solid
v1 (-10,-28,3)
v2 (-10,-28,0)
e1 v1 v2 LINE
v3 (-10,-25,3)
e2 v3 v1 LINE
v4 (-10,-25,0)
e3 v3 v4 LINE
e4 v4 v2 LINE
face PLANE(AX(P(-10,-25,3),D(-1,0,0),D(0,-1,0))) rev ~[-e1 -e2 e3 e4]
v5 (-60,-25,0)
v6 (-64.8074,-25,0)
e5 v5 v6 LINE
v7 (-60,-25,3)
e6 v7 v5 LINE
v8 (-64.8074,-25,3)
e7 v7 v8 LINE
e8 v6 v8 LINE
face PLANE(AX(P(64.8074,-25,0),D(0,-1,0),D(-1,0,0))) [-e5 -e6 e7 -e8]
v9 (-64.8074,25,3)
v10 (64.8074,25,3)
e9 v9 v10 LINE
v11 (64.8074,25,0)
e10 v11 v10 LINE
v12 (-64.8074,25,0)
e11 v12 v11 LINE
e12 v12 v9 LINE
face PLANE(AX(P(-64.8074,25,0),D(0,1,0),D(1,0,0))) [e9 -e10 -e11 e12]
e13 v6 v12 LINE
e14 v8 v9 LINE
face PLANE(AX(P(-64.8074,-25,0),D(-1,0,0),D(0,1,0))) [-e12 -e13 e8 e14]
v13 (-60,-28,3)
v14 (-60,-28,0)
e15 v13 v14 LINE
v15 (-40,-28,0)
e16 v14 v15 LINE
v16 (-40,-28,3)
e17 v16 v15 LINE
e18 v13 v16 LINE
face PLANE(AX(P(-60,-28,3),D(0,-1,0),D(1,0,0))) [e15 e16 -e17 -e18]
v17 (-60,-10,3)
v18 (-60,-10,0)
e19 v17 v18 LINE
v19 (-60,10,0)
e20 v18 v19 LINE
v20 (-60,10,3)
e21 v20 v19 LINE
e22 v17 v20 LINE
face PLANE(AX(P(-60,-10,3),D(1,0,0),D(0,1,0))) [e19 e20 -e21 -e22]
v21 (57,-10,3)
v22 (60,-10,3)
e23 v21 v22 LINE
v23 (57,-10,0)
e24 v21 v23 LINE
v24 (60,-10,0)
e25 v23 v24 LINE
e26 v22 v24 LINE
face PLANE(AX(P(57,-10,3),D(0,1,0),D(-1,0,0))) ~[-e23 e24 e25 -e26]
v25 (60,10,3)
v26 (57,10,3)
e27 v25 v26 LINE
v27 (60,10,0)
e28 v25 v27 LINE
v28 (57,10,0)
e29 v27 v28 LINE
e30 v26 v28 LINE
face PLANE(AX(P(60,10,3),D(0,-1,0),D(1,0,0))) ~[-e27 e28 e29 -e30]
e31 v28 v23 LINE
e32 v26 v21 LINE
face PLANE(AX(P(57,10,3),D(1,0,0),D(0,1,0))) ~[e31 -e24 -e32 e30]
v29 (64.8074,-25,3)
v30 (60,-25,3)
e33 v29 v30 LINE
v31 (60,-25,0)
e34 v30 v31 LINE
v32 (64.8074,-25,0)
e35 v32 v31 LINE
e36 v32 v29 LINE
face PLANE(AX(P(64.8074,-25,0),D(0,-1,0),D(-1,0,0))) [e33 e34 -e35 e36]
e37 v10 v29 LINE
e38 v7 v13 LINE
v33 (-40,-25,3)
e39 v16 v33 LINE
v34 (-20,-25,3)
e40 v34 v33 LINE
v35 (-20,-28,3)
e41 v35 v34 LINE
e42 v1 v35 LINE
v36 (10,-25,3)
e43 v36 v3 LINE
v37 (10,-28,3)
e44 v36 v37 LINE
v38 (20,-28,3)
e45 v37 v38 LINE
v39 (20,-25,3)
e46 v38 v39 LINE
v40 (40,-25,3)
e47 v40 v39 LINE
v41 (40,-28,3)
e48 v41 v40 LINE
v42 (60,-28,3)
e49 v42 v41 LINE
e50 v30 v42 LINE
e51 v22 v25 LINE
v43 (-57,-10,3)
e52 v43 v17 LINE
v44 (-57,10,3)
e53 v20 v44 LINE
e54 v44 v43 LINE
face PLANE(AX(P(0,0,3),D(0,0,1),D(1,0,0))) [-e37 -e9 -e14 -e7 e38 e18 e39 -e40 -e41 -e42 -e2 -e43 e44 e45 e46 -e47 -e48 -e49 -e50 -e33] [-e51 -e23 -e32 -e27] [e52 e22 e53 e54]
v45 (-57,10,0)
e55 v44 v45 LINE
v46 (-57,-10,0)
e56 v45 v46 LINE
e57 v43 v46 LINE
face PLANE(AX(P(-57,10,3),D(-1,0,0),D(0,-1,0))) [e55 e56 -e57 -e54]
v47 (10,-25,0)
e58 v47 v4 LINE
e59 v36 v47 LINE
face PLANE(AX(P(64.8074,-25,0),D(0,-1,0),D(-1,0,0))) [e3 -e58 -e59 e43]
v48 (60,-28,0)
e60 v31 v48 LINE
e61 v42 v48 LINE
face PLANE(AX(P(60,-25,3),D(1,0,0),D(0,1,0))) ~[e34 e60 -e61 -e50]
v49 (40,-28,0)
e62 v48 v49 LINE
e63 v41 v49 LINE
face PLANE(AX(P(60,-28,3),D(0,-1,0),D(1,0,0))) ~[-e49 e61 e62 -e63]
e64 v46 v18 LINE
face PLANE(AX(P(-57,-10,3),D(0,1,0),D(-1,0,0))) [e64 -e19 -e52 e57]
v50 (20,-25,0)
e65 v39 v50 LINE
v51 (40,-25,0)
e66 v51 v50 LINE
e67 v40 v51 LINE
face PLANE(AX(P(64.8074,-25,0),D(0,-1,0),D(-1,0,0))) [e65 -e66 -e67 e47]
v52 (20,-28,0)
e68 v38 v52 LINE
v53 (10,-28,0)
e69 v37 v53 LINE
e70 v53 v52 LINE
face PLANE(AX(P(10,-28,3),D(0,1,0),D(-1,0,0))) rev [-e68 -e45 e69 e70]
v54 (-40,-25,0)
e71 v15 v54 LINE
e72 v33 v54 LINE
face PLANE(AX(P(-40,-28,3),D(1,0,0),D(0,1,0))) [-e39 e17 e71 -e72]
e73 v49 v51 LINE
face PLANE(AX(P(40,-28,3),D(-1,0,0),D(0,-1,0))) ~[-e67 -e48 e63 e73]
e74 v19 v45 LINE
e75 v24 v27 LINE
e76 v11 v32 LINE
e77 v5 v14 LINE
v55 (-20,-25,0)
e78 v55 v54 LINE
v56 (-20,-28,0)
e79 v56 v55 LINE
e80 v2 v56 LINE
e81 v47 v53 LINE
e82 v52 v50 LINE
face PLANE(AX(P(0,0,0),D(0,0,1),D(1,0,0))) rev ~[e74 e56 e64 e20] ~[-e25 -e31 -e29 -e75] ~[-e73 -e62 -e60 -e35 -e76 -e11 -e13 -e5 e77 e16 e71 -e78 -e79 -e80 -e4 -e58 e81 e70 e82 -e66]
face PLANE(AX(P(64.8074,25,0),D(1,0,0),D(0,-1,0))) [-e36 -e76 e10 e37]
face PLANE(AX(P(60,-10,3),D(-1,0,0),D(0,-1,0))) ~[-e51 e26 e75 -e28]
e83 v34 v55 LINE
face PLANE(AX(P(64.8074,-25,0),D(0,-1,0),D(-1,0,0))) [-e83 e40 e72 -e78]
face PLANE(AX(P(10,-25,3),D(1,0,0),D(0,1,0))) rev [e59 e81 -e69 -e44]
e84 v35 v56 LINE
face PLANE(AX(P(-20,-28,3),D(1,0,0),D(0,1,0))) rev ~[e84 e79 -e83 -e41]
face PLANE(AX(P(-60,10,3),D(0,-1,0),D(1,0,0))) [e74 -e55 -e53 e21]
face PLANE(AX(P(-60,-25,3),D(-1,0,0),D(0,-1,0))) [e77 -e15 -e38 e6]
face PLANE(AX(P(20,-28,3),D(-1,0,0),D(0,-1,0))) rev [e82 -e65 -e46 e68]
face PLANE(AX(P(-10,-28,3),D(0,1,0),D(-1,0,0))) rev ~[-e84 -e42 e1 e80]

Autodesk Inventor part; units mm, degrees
ref_plane "YZ Plane" through (0, 0, 0) normal (1, 0, 0) x (0, 1, 0)
ref_plane "XZ Plane" through (0, 0, 0) normal (0, 1, 0) x (-1, 0, 0)
ref_plane "XY Plane" through (0, 0, 0) normal (0, 0, 1) x (1, 0, 0)
sketch "Sketch1" plane through (0, 0, 0) normal (0, 0, 1) x (1, 0, 0)
  circle A0 centre (0, 0) radius 85 construction
  line L0 (-64.8074, 55) -> (64.8074, 55) construction
  line L1 (64.8074, -25) -> (-64.8074, -25)
  line L2 (-64.8074, -25) -> (-64.8074, 25)
  line L3 (-64.8074, 25) -> (64.8074, 25)
  line L4 (64.8074, 25) -> (64.8074, -25)
  line L5 (64.8074, -25) -> (-64.8074, 25) construction
  line L6 (-64.8074, -25) -> (64.8074, 25) construction
  dimension "d0" = 170
  dimension "d1" = 55
  dimension "d2" = 129.6148
  dimension "d3" = 50
extrude "Extrusion1" add sketch "Sketch1" along normal blind 3
sketch "Sketch2" plane through (0, 0, 3) normal (0, 0, 1) x (1, 0, 0)
  line L0 (-64.8074, -25) -> (64.8074, -25) projected
  line L1 (-40, -25) -> (-60, -25)
  line L2 (-60, -25) -> (-60, -28)
  line L3 (-60, -28) -> (-40, -28)
  line L4 (-40, -28) -> (-40, -25)
  line L5 (-20, -25) -> (-10, -25)
  line L6 (-10, -25) -> (-10, -28)
  line L7 (-10, -28) -> (-20, -28)
  line L8 (-20, -28) -> (-20, -25)
  point P0 (0, 0)
  dimension "d6" = 20
  dimension "d7" = 3
  dimension "d8" = 10
  dimension "d9" = 3
  dimension "d10" = 10
  dimension "d11" = 20
extrude "Extrusion2" add sketch "Sketch2" against normal blind 3
sketch "Sketch3" plane through (0, 0, 3) normal (0, 0, 1) x (1, 0, 0)
  line L0 (-60, 10) -> (-57, 10)
  line L1 (-57, 10) -> (-57, -10)
  line L2 (-57, -10) -> (-60, -10)
  line L3 (-60, -10) -> (-60, 10)
  point P0 (0, 0)
  point P1 (-60, 0)
  dimension "d14" = 3
  dimension "d15" = 20
  dimension "d16" = 57
extrude "Extrusion3" cut sketch "Sketch3" against normal blind 3
mirror "Mirror1" about plane through (0, 0, 0) normal (1, 0, 0) of "Extrusion2", "Extrusion3"
properties part number "Frount plate"
